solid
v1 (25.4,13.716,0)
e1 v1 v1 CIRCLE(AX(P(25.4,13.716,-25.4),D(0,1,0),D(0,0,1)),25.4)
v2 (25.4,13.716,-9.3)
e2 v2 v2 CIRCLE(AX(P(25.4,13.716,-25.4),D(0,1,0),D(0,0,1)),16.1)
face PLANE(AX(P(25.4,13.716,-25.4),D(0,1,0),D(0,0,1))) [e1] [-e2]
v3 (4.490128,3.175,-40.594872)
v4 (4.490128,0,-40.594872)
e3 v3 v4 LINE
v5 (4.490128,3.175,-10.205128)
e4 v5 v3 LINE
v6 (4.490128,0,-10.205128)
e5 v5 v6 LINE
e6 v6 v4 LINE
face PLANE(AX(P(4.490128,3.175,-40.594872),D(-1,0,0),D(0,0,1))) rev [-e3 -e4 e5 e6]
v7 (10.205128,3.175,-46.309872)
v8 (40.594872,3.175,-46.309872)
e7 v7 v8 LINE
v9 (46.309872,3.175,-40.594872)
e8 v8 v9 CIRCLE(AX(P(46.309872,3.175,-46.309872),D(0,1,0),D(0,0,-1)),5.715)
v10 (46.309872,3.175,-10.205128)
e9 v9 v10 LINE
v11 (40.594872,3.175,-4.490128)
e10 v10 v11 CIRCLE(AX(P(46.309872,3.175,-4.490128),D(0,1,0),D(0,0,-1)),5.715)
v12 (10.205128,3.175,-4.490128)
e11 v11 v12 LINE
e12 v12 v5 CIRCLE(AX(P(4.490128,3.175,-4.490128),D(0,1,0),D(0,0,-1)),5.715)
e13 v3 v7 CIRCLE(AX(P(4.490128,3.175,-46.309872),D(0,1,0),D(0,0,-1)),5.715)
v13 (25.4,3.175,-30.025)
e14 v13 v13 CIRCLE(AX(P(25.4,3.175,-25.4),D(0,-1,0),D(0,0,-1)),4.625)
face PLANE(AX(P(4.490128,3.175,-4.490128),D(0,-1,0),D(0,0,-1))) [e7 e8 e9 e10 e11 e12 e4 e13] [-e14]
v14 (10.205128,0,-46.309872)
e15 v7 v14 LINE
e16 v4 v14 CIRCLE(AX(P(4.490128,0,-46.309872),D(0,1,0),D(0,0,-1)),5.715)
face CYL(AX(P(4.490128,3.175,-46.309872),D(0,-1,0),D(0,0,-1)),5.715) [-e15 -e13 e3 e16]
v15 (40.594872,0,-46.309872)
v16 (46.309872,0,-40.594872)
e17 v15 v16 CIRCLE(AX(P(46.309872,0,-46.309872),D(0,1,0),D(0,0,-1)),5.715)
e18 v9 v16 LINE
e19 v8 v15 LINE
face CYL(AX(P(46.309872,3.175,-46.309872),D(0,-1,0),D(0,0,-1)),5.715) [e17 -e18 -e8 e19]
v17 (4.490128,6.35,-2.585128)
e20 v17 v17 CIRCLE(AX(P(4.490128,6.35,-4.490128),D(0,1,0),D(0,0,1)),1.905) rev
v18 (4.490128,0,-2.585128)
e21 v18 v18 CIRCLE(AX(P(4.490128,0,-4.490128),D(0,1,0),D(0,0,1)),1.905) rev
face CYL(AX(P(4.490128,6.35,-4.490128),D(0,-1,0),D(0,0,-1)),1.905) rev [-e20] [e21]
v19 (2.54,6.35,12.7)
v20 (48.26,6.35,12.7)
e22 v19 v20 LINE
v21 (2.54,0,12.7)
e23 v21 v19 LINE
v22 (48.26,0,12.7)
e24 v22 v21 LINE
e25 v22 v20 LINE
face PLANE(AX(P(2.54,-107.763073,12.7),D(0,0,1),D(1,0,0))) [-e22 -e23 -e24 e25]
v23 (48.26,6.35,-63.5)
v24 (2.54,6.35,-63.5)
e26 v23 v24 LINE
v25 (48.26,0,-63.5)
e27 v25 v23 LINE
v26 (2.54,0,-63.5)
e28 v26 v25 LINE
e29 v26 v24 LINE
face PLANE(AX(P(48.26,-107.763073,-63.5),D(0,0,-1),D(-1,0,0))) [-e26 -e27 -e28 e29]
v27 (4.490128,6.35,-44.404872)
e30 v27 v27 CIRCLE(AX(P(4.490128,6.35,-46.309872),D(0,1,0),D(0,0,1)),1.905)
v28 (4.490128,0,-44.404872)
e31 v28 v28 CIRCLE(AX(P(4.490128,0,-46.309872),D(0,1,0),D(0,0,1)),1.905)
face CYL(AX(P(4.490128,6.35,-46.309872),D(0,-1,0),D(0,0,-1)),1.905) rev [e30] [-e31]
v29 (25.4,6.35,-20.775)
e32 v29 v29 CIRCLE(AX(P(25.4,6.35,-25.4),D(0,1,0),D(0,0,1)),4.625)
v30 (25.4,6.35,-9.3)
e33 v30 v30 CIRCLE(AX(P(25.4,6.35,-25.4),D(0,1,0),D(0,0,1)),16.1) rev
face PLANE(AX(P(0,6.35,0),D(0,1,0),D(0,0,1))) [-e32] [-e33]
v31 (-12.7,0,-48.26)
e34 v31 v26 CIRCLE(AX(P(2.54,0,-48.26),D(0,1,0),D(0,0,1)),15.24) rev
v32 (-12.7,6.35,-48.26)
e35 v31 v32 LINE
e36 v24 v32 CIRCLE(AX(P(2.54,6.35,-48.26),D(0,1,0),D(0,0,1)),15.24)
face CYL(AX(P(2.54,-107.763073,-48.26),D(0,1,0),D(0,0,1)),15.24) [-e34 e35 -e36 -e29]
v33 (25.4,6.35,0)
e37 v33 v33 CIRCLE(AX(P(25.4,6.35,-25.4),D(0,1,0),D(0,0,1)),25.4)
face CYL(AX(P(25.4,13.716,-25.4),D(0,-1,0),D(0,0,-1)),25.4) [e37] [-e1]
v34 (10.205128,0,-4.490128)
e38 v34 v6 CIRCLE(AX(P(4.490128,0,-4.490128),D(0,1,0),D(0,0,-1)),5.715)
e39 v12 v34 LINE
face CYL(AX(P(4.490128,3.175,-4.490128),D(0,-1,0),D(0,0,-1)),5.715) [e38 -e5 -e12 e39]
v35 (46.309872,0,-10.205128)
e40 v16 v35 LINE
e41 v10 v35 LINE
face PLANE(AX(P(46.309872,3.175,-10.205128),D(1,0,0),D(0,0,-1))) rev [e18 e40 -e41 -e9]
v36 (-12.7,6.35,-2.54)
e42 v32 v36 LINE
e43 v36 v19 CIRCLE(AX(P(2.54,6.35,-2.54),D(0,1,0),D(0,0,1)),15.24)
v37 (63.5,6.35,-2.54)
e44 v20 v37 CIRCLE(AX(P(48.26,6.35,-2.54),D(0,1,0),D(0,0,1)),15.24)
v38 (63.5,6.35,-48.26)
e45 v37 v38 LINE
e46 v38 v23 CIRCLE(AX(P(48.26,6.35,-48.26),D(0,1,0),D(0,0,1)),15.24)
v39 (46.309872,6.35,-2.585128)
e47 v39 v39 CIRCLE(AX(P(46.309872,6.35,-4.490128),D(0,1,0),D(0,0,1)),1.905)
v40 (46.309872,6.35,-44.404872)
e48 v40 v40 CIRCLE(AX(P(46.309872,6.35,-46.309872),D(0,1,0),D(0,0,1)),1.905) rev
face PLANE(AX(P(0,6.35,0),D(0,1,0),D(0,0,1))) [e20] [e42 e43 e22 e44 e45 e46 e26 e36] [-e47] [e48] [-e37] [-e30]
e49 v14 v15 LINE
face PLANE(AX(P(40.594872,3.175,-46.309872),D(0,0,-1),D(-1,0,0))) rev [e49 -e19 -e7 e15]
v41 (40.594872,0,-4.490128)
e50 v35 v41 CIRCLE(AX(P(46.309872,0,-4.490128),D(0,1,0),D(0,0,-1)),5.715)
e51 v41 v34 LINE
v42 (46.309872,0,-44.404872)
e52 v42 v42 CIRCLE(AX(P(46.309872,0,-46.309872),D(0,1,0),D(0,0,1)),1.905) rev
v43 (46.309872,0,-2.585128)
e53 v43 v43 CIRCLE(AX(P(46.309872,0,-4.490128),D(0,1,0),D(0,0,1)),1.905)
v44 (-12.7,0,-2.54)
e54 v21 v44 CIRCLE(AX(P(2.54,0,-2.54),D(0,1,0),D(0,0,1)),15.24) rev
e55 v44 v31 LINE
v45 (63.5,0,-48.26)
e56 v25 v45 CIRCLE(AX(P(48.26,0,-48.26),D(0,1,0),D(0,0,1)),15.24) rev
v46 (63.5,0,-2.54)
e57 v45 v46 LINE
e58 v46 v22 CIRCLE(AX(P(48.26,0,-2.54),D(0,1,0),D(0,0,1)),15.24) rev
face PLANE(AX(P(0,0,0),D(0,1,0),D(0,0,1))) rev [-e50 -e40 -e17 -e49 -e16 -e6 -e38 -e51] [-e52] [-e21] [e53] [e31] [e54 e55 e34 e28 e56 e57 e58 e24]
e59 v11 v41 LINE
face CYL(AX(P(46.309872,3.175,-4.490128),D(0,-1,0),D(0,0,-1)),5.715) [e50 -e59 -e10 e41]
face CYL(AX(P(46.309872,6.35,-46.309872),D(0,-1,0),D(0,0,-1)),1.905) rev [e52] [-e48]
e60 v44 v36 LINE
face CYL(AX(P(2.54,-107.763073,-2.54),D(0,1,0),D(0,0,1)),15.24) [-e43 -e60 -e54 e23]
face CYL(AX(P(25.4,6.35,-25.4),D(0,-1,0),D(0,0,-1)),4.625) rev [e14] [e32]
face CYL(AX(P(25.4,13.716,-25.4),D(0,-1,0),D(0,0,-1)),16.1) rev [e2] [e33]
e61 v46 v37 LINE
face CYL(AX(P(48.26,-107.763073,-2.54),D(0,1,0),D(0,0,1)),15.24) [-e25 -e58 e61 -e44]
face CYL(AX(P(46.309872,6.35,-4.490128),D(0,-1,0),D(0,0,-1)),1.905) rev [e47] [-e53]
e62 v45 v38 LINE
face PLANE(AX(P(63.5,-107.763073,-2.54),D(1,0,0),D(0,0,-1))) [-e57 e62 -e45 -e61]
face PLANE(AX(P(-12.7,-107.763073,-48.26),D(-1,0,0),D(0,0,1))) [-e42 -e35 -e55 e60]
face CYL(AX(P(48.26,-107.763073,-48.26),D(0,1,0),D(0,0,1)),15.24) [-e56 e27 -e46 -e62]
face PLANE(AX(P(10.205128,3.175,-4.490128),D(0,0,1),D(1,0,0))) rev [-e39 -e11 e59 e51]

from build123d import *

# Parameters (mm, degrees)
SKETCH1_W           = 50.8
SKETCH1_H           = 50.8
SKETCH1_R           = 1.905
SKETCH1_R_2         = 4.625
BOSS_EXTRUDE1_DEPTH = 6.35
FILLET1_R           = 2.54
SKETCH4_R           = 1.905
CUT_EXTRUDE3_DEPTH  = 3.175
BOSS_EXTRUDE2_DEPTH = 6.35
SKETCH6_R           = 25.4
SKETCH6_R_2         = 16.1
BOSS_EXTRUDE3_DEPTH = 7.366


with BuildPart() as part:
    # Sketch1 → Boss-Extrude1 (new body)
    with BuildSketch(Plane(origin=(0, 0, 0), x_dir=(1, 0, 0), z_dir=(0, 1, 0))):
        with Locations((25.4, 25.4)):
            Rectangle(SKETCH1_W, SKETCH1_H)
        with Locations(Location((4.490128061, 46.309871939, 0), (0, 0, 270))):
            Circle(SKETCH1_R, mode=Mode.SUBTRACT)
        with Locations(Location((4.490128061, 4.490128061, 0), (0, 0, 270))):
            Circle(SKETCH1_R, mode=Mode.SUBTRACT)
        with Locations(Location((46.309871939, 4.490128061, 0), (0, 0, 270))):
            Circle(SKETCH1_R, mode=Mode.SUBTRACT)
        with Locations(Location((46.309871939, 46.309871939, 0), (0, 0, 270))):
            Circle(SKETCH1_R, mode=Mode.SUBTRACT)
        with Locations(Location((25.4, 25.4, 0), (0, 0, 270))):
            Circle(SKETCH1_R_2, mode=Mode.SUBTRACT)
    extrude(amount=BOSS_EXTRUDE1_DEPTH)

    # Fillet1
    fillet1_edges = [part.edges().sort_by_distance(p)[0] for p in [
        (50.8, 3.175, -50.8),
        (50.8, 3.175, 0),
        (0, 3.175, 0),
        (0, 3.175, -50.8),
    ]]
    fillet(fillet1_edges, radius=FILLET1_R)

    # Sketch4 → Cut-Extrude3 (cut)
    with BuildSketch(Plane.XZ):
        with Locations(Location((4.490128061, -4.490128061, 0), (0, 0, 90))):
            Circle(SKETCH4_R)
        with BuildLine():
            Line((10.205128061, -4.490128061), (40.594871939, -4.490128061))
            ThreePointArc((40.594871939, -4.490128061), (42.268756685, -8.531243315), (46.309871939, -10.205128061))
            Line((46.309871939, -10.205128061), (46.309871939, -40.594871939))
            ThreePointArc((46.309871939, -40.594871939), (42.268756685, -42.268756685), (40.594871939, -46.309871939))
            Line((40.594871939, -46.309871939), (10.205128061, -46.309871939))
            ThreePointArc((10.205128061, -46.309871939), (8.531243315, -42.268756685), (4.490128061, -40.594871939))
            Line((4.490128061, -40.594871939), (4.490128061, -10.205128061))
            ThreePointArc((4.490128061, -10.205128061), (8.531243315, -8.531243315), (10.205128061, -4.490128061))
        make_face()
    extrude(amount=-CUT_EXTRUDE3_DEPTH, mode=Mode.SUBTRACT)

    # Sketch5 → Boss-Extrude2 (add)
    with BuildSketch(Plane(origin=(0, 6.35, 0), x_dir=(1, 0, 0), z_dir=(0, 1, 0))):
        with BuildLine():
            Line((63.5, 2.54), (63.5, 48.26))
            ThreePointArc((63.5, 48.26), (59.036307345, 59.036307345), (48.26, 63.5))
            Line((48.26, 63.5), (2.54, 63.5))
            ThreePointArc((2.54, 63.5), (-8.236307345, 59.036307345), (-12.7, 48.26))
            Line((-12.7, 48.26), (-12.7, 2.54))
            ThreePointArc((-12.7, 2.54), (-8.236307345, -8.236307345), (2.54, -12.7))
            Line((2.54, -12.7), (48.26, -12.7))
            ThreePointArc((48.26, -12.7), (59.036307345, -8.236307345), (63.5, 2.54))
        make_face()
        with BuildLine():
            Line((50.8, 2.54), (50.8, 48.26))
            ThreePointArc((50.8, 48.26), (50.056051224, 50.056051224), (48.26, 50.8))
            Line((48.26, 50.8), (2.54, 50.8))
            ThreePointArc((2.54, 50.8), (0.743948776, 50.056051224), (0, 48.26))
            Line((0, 48.26), (0, 2.54))
            ThreePointArc((0, 2.54), (0.743948776, 0.743948776), (2.54, 0))
            Line((2.54, 0), (48.26, 0))
            ThreePointArc((48.26, 0), (50.056051224, 0.743948776), (50.8, 2.54))
        make_face(mode=Mode.SUBTRACT)
    extrude(amount=-BOSS_EXTRUDE2_DEPTH)

    # Sketch6 → Boss-Extrude3 (add)
    with BuildSketch(Plane(origin=(0, 6.35, 0), x_dir=(1, 0, 0), z_dir=(0, 1, 0))):
        with Locations(Location((25.4, 25.4, 0), (0, 0, 270))):
            Circle(SKETCH6_R)
        with Locations(Location((25.4, 25.4, 0), (0, 0, 270))):
            Circle(SKETCH6_R_2, mode=Mode.SUBTRACT)
    extrude(amount=BOSS_EXTRUDE3_DEPTH)


solid = part.part
